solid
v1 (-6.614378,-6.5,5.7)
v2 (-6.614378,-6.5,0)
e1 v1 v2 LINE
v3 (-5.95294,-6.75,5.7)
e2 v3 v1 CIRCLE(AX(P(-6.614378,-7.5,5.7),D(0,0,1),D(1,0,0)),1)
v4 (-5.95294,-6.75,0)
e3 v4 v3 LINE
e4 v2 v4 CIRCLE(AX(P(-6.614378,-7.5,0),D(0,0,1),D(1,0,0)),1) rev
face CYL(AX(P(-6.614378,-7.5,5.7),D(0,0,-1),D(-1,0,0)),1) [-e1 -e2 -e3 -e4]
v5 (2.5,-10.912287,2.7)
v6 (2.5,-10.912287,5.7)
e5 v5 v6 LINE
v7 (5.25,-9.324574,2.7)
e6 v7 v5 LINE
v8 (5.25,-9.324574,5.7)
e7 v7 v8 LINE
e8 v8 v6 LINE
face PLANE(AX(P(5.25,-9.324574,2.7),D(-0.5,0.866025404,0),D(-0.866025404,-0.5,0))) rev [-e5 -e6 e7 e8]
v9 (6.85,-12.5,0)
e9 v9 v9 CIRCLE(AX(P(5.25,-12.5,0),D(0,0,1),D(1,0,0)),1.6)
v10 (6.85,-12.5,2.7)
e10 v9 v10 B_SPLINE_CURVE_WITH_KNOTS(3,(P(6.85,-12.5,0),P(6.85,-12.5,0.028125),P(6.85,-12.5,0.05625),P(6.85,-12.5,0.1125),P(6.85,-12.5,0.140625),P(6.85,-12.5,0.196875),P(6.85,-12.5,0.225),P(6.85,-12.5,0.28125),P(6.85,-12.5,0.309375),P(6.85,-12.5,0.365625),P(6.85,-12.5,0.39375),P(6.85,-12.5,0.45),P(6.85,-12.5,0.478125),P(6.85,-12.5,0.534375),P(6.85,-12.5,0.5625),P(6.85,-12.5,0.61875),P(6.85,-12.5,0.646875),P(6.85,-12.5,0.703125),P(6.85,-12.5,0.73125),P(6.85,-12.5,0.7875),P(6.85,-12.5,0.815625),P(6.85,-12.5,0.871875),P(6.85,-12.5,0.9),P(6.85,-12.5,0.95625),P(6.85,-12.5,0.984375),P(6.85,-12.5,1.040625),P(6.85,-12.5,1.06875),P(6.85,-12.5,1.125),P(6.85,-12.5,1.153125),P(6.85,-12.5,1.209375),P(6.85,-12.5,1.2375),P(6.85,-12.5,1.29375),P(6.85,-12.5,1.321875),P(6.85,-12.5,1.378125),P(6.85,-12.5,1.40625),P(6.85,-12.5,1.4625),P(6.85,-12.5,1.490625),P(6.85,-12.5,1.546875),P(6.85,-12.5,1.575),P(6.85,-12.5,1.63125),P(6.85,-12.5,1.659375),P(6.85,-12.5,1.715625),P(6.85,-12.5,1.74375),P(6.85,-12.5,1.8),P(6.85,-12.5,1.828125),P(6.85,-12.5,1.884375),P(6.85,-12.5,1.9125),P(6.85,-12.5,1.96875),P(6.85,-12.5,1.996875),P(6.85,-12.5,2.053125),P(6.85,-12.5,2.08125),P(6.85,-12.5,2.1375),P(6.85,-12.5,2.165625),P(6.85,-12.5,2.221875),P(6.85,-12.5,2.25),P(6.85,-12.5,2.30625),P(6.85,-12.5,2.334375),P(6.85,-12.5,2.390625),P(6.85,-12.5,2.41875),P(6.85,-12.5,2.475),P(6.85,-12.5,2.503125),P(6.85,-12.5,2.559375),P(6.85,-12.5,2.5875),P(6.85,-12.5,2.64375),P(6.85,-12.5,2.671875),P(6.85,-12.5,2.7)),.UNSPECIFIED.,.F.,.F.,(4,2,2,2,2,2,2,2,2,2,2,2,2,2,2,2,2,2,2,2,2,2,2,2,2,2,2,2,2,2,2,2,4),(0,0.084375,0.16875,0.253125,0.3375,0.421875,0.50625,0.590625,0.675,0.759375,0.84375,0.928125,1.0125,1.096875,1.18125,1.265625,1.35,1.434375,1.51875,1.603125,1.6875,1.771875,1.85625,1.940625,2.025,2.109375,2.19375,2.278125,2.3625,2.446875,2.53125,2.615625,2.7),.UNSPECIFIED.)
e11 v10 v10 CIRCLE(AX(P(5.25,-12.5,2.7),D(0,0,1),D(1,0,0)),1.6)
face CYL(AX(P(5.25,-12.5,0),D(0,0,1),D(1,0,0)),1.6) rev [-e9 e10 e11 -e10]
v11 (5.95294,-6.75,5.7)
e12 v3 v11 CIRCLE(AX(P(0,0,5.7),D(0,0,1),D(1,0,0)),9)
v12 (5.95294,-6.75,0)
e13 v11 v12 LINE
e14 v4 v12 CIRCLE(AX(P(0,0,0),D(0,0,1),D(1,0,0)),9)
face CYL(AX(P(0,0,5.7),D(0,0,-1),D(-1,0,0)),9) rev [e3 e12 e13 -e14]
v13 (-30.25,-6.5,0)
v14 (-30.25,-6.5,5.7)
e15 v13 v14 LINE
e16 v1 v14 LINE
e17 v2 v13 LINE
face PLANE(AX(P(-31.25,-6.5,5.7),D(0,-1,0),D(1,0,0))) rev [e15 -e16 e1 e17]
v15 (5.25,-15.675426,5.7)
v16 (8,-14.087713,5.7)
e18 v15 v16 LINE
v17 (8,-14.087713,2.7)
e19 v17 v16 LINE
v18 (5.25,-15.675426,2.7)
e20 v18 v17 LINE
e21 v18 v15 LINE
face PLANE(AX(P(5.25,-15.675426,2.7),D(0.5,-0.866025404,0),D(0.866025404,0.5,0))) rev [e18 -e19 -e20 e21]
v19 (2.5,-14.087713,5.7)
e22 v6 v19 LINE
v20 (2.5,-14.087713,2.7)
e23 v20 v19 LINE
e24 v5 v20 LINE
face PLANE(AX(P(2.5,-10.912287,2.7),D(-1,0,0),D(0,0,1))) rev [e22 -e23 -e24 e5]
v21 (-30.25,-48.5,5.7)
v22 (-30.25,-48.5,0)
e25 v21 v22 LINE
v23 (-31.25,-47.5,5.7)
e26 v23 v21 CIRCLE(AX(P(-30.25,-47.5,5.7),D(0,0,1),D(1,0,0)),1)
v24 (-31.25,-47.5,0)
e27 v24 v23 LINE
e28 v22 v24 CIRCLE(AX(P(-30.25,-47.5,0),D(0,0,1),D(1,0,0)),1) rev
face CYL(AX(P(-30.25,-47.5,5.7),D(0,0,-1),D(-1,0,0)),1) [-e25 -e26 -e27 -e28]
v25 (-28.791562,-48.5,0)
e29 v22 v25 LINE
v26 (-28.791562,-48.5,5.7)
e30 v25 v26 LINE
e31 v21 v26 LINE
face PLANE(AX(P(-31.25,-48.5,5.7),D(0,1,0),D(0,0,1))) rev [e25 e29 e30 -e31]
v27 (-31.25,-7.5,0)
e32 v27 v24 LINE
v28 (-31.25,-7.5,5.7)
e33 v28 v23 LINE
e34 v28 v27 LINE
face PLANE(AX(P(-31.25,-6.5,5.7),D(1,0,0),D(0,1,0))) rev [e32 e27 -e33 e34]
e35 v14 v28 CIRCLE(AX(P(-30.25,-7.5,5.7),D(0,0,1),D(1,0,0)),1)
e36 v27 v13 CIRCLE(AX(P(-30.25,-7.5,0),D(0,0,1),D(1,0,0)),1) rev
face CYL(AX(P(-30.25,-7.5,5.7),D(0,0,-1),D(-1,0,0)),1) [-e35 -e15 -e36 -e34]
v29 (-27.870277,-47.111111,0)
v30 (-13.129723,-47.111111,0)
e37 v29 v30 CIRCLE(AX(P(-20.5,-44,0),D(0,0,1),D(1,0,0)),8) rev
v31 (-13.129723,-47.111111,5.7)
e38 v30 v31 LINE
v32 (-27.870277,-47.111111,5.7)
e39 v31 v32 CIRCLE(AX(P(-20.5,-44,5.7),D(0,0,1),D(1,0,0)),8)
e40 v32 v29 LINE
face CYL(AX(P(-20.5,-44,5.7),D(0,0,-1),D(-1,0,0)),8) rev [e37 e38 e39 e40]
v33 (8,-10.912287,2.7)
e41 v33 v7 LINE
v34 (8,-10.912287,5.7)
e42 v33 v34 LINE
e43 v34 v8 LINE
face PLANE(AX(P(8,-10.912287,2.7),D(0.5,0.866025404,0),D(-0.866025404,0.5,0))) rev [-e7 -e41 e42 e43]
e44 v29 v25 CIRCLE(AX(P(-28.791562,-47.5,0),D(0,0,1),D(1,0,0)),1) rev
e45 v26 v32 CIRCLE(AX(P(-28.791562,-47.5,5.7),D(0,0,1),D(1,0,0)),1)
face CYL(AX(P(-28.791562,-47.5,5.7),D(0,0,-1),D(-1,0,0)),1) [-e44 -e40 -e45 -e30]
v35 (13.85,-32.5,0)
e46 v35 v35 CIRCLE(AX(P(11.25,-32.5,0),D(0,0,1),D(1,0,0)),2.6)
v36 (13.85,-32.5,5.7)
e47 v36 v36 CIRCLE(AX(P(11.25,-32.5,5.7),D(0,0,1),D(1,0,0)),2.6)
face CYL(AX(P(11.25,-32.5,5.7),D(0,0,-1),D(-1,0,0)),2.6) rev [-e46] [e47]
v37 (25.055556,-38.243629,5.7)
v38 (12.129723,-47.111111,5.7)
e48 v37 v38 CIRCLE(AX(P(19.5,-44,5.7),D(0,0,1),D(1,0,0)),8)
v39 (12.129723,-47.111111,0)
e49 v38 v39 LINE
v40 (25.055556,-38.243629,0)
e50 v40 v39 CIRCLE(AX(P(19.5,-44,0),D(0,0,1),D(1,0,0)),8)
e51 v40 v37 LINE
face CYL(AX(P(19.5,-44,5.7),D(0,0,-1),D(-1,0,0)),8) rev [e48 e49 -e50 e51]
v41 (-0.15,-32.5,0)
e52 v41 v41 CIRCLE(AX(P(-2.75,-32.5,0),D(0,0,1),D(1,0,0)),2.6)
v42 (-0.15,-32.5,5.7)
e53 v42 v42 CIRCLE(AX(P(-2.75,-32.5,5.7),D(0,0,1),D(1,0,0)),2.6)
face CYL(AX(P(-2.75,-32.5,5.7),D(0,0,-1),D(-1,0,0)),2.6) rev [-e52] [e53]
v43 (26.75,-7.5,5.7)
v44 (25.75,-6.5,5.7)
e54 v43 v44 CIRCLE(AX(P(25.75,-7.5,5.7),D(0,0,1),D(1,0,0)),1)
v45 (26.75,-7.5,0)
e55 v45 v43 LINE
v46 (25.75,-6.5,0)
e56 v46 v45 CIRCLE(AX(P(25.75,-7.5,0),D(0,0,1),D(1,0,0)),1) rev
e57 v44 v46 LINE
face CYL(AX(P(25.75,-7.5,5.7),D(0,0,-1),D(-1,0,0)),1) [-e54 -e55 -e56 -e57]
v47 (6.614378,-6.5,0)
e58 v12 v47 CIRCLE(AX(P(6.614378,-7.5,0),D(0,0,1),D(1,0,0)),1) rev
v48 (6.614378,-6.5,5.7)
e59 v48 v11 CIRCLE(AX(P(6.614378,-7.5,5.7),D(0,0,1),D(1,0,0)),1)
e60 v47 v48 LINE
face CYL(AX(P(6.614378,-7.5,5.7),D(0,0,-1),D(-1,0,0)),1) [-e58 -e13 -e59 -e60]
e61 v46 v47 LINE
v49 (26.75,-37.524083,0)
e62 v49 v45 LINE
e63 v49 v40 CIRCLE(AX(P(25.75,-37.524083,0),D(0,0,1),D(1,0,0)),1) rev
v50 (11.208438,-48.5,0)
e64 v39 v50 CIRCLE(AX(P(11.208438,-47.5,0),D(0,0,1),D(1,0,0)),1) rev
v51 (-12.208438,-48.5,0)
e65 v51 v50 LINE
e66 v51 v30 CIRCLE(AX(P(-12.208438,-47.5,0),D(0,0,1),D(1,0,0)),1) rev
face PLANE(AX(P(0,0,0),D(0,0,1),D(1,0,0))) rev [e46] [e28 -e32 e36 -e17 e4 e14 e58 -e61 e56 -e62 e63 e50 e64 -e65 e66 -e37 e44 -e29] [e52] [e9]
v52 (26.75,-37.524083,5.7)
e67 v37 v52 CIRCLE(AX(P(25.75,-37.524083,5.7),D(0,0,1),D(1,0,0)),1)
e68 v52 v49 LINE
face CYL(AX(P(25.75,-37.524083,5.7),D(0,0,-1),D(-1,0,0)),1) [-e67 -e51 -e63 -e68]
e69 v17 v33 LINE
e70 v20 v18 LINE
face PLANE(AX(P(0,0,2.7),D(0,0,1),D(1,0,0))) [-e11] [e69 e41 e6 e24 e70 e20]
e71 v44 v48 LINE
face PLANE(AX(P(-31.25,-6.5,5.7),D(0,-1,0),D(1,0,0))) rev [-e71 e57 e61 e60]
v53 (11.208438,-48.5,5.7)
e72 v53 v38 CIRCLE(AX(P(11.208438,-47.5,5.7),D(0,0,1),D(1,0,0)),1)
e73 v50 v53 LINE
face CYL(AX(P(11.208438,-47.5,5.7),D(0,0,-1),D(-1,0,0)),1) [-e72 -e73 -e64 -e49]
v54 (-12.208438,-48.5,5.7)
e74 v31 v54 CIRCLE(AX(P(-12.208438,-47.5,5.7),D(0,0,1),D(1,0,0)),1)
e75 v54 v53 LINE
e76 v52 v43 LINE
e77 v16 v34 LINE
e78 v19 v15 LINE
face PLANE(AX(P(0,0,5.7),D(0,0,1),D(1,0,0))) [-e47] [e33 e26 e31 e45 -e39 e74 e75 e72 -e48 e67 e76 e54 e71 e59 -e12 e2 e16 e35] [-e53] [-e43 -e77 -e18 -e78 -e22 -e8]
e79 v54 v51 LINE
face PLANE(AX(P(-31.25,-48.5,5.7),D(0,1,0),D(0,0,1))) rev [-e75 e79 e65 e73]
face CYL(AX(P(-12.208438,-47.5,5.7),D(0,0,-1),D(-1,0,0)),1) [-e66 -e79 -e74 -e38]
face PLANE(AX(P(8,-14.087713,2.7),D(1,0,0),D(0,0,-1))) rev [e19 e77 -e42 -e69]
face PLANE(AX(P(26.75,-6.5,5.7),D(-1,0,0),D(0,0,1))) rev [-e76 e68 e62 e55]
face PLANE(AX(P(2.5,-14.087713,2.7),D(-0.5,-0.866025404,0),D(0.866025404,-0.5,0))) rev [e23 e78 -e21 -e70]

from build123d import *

# Parameters (mm, degrees)
SKIZZE2_W                       = 58
SKIZZE2_H                       = 42
AUFSATZ_LINEAR_AUSTRAGEN1_DEPTH = 5.7
SKIZZE1_R                       = 9
SKIZZE1_R_2                     = 8
SKIZZE1_R_3                     = 2.6
SCHNITT_LINEAR_AUSTRAGEN2_DEPTH = 58.976741026
SCHNITT_LINEAR_AUSTRAGEN3_DEPTH = 58.976741026
VERRUNDUNG1_R                   = 1
SCHNITT_LINEAR_AUSTRAGEN4_DEPTH = 3
SKIZZE5_R                       = 1.6
SCHNITT_LINEAR_AUSTRAGEN5_DEPTH = 58.773804618


with BuildPart() as part:
    # Skizze2 → Aufsatz-Linear austragen1 (new body)
    with BuildSketch(Plane.XY):
        with Locations((-2.25, -27.5)):
            Rectangle(SKIZZE2_W, SKIZZE2_H)
    extrude(amount=AUFSATZ_LINEAR_AUSTRAGEN1_DEPTH)

    # Skizze1 → Schnitt-Linear austragen2 (cut, through all)
    with BuildSketch(Plane.XY):
        Circle(SKIZZE1_R)
        with Locations((-20.5, -44)):
            Circle(SKIZZE1_R_2)
        with Locations((19.5, -44)):
            Circle(SKIZZE1_R_2)
        with Locations((11.25, -32.5)):
            Circle(SKIZZE1_R_3)
        with Locations((-2.75, -32.5)):
            Circle(SKIZZE1_R_3)
    extrude(amount=SCHNITT_LINEAR_AUSTRAGEN2_DEPTH, mode=Mode.SUBTRACT)


with BuildPart() as schnitt_linear_austragen2_piece_1:
    # of the separate pieces the step leaves, piece 1, a body of its own (schnitt_linear_austragen2_pieces)
    add(part.part.solids().sort_by_distance((-31.25, -6.5, 0))[0])

    # Verrundung1
    verrundung1_edges = [schnitt_linear_austragen2_piece_1.edges().sort_by_distance(p)[0] for p in [
        (26.75, -6.5, 2.85),
        (-31.25, -48.5, 2.85),
        (-31.25, -6.5, 2.85),
        (-13.885621722, -48.5, 2.85),
        (-27.114378278, -48.5, 2.85),
        (26.75, -40.618062685, 2.85),
        (12.885621722, -48.5, 2.85),
        (-6.224949799, -6.5, 2.85),
        (6.224949799, -6.5, 2.85),
    ]]
    fillet(verrundung1_edges, radius=VERRUNDUNG1_R)

    # Skizze4 → Schnitt-Linear austragen4 (cut)
    with BuildSketch(Plane.XY.offset(5.7)):
        Polygon((2.5, -14.08771324), (5.25, -15.675426481), (8, -14.08771324), (8, -10.91228676), (5.25, -9.324573519), (2.5, -10.91228676), align=None)
    extrude(amount=-SCHNITT_LINEAR_AUSTRAGEN4_DEPTH, mode=Mode.SUBTRACT)

    # Skizze5 → Schnitt-Linear austragen5 (cut, through all)
    with BuildSketch(Plane.XY.offset(2.7)):
        with Locations((5.25, -12.5)):
            Circle(SKIZZE5_R)
    extrude(amount=-SCHNITT_LINEAR_AUSTRAGEN5_DEPTH, mode=Mode.SUBTRACT)


with BuildPart() as schnitt_linear_austragen2_piece_2:
    # of the separate pieces the step leaves, piece 2, a body of its own (schnitt_linear_austragen2_pieces)
    add(part.part.solids().sort_by_distance((26.114378278, -48.5, 0))[0])

    # Skizze3 → Schnitt-Linear austragen3 (cut, through all)
    with BuildSketch(Plane.XY.offset(5.7)):
        with BuildLine():
            Line((26.75, -48.5), (26.75, -47.381937315))
            ThreePointArc((26.75, -47.381937315), (26.454693545, -47.953762474), (26.114378278, -48.5))
            Line((26.114378278, -48.5), (26.75, -48.5))
        make_face()
    extrude(amount=-SCHNITT_LINEAR_AUSTRAGEN3_DEPTH, mode=Mode.SUBTRACT)


solid = schnitt_linear_austragen2_piece_1.part
